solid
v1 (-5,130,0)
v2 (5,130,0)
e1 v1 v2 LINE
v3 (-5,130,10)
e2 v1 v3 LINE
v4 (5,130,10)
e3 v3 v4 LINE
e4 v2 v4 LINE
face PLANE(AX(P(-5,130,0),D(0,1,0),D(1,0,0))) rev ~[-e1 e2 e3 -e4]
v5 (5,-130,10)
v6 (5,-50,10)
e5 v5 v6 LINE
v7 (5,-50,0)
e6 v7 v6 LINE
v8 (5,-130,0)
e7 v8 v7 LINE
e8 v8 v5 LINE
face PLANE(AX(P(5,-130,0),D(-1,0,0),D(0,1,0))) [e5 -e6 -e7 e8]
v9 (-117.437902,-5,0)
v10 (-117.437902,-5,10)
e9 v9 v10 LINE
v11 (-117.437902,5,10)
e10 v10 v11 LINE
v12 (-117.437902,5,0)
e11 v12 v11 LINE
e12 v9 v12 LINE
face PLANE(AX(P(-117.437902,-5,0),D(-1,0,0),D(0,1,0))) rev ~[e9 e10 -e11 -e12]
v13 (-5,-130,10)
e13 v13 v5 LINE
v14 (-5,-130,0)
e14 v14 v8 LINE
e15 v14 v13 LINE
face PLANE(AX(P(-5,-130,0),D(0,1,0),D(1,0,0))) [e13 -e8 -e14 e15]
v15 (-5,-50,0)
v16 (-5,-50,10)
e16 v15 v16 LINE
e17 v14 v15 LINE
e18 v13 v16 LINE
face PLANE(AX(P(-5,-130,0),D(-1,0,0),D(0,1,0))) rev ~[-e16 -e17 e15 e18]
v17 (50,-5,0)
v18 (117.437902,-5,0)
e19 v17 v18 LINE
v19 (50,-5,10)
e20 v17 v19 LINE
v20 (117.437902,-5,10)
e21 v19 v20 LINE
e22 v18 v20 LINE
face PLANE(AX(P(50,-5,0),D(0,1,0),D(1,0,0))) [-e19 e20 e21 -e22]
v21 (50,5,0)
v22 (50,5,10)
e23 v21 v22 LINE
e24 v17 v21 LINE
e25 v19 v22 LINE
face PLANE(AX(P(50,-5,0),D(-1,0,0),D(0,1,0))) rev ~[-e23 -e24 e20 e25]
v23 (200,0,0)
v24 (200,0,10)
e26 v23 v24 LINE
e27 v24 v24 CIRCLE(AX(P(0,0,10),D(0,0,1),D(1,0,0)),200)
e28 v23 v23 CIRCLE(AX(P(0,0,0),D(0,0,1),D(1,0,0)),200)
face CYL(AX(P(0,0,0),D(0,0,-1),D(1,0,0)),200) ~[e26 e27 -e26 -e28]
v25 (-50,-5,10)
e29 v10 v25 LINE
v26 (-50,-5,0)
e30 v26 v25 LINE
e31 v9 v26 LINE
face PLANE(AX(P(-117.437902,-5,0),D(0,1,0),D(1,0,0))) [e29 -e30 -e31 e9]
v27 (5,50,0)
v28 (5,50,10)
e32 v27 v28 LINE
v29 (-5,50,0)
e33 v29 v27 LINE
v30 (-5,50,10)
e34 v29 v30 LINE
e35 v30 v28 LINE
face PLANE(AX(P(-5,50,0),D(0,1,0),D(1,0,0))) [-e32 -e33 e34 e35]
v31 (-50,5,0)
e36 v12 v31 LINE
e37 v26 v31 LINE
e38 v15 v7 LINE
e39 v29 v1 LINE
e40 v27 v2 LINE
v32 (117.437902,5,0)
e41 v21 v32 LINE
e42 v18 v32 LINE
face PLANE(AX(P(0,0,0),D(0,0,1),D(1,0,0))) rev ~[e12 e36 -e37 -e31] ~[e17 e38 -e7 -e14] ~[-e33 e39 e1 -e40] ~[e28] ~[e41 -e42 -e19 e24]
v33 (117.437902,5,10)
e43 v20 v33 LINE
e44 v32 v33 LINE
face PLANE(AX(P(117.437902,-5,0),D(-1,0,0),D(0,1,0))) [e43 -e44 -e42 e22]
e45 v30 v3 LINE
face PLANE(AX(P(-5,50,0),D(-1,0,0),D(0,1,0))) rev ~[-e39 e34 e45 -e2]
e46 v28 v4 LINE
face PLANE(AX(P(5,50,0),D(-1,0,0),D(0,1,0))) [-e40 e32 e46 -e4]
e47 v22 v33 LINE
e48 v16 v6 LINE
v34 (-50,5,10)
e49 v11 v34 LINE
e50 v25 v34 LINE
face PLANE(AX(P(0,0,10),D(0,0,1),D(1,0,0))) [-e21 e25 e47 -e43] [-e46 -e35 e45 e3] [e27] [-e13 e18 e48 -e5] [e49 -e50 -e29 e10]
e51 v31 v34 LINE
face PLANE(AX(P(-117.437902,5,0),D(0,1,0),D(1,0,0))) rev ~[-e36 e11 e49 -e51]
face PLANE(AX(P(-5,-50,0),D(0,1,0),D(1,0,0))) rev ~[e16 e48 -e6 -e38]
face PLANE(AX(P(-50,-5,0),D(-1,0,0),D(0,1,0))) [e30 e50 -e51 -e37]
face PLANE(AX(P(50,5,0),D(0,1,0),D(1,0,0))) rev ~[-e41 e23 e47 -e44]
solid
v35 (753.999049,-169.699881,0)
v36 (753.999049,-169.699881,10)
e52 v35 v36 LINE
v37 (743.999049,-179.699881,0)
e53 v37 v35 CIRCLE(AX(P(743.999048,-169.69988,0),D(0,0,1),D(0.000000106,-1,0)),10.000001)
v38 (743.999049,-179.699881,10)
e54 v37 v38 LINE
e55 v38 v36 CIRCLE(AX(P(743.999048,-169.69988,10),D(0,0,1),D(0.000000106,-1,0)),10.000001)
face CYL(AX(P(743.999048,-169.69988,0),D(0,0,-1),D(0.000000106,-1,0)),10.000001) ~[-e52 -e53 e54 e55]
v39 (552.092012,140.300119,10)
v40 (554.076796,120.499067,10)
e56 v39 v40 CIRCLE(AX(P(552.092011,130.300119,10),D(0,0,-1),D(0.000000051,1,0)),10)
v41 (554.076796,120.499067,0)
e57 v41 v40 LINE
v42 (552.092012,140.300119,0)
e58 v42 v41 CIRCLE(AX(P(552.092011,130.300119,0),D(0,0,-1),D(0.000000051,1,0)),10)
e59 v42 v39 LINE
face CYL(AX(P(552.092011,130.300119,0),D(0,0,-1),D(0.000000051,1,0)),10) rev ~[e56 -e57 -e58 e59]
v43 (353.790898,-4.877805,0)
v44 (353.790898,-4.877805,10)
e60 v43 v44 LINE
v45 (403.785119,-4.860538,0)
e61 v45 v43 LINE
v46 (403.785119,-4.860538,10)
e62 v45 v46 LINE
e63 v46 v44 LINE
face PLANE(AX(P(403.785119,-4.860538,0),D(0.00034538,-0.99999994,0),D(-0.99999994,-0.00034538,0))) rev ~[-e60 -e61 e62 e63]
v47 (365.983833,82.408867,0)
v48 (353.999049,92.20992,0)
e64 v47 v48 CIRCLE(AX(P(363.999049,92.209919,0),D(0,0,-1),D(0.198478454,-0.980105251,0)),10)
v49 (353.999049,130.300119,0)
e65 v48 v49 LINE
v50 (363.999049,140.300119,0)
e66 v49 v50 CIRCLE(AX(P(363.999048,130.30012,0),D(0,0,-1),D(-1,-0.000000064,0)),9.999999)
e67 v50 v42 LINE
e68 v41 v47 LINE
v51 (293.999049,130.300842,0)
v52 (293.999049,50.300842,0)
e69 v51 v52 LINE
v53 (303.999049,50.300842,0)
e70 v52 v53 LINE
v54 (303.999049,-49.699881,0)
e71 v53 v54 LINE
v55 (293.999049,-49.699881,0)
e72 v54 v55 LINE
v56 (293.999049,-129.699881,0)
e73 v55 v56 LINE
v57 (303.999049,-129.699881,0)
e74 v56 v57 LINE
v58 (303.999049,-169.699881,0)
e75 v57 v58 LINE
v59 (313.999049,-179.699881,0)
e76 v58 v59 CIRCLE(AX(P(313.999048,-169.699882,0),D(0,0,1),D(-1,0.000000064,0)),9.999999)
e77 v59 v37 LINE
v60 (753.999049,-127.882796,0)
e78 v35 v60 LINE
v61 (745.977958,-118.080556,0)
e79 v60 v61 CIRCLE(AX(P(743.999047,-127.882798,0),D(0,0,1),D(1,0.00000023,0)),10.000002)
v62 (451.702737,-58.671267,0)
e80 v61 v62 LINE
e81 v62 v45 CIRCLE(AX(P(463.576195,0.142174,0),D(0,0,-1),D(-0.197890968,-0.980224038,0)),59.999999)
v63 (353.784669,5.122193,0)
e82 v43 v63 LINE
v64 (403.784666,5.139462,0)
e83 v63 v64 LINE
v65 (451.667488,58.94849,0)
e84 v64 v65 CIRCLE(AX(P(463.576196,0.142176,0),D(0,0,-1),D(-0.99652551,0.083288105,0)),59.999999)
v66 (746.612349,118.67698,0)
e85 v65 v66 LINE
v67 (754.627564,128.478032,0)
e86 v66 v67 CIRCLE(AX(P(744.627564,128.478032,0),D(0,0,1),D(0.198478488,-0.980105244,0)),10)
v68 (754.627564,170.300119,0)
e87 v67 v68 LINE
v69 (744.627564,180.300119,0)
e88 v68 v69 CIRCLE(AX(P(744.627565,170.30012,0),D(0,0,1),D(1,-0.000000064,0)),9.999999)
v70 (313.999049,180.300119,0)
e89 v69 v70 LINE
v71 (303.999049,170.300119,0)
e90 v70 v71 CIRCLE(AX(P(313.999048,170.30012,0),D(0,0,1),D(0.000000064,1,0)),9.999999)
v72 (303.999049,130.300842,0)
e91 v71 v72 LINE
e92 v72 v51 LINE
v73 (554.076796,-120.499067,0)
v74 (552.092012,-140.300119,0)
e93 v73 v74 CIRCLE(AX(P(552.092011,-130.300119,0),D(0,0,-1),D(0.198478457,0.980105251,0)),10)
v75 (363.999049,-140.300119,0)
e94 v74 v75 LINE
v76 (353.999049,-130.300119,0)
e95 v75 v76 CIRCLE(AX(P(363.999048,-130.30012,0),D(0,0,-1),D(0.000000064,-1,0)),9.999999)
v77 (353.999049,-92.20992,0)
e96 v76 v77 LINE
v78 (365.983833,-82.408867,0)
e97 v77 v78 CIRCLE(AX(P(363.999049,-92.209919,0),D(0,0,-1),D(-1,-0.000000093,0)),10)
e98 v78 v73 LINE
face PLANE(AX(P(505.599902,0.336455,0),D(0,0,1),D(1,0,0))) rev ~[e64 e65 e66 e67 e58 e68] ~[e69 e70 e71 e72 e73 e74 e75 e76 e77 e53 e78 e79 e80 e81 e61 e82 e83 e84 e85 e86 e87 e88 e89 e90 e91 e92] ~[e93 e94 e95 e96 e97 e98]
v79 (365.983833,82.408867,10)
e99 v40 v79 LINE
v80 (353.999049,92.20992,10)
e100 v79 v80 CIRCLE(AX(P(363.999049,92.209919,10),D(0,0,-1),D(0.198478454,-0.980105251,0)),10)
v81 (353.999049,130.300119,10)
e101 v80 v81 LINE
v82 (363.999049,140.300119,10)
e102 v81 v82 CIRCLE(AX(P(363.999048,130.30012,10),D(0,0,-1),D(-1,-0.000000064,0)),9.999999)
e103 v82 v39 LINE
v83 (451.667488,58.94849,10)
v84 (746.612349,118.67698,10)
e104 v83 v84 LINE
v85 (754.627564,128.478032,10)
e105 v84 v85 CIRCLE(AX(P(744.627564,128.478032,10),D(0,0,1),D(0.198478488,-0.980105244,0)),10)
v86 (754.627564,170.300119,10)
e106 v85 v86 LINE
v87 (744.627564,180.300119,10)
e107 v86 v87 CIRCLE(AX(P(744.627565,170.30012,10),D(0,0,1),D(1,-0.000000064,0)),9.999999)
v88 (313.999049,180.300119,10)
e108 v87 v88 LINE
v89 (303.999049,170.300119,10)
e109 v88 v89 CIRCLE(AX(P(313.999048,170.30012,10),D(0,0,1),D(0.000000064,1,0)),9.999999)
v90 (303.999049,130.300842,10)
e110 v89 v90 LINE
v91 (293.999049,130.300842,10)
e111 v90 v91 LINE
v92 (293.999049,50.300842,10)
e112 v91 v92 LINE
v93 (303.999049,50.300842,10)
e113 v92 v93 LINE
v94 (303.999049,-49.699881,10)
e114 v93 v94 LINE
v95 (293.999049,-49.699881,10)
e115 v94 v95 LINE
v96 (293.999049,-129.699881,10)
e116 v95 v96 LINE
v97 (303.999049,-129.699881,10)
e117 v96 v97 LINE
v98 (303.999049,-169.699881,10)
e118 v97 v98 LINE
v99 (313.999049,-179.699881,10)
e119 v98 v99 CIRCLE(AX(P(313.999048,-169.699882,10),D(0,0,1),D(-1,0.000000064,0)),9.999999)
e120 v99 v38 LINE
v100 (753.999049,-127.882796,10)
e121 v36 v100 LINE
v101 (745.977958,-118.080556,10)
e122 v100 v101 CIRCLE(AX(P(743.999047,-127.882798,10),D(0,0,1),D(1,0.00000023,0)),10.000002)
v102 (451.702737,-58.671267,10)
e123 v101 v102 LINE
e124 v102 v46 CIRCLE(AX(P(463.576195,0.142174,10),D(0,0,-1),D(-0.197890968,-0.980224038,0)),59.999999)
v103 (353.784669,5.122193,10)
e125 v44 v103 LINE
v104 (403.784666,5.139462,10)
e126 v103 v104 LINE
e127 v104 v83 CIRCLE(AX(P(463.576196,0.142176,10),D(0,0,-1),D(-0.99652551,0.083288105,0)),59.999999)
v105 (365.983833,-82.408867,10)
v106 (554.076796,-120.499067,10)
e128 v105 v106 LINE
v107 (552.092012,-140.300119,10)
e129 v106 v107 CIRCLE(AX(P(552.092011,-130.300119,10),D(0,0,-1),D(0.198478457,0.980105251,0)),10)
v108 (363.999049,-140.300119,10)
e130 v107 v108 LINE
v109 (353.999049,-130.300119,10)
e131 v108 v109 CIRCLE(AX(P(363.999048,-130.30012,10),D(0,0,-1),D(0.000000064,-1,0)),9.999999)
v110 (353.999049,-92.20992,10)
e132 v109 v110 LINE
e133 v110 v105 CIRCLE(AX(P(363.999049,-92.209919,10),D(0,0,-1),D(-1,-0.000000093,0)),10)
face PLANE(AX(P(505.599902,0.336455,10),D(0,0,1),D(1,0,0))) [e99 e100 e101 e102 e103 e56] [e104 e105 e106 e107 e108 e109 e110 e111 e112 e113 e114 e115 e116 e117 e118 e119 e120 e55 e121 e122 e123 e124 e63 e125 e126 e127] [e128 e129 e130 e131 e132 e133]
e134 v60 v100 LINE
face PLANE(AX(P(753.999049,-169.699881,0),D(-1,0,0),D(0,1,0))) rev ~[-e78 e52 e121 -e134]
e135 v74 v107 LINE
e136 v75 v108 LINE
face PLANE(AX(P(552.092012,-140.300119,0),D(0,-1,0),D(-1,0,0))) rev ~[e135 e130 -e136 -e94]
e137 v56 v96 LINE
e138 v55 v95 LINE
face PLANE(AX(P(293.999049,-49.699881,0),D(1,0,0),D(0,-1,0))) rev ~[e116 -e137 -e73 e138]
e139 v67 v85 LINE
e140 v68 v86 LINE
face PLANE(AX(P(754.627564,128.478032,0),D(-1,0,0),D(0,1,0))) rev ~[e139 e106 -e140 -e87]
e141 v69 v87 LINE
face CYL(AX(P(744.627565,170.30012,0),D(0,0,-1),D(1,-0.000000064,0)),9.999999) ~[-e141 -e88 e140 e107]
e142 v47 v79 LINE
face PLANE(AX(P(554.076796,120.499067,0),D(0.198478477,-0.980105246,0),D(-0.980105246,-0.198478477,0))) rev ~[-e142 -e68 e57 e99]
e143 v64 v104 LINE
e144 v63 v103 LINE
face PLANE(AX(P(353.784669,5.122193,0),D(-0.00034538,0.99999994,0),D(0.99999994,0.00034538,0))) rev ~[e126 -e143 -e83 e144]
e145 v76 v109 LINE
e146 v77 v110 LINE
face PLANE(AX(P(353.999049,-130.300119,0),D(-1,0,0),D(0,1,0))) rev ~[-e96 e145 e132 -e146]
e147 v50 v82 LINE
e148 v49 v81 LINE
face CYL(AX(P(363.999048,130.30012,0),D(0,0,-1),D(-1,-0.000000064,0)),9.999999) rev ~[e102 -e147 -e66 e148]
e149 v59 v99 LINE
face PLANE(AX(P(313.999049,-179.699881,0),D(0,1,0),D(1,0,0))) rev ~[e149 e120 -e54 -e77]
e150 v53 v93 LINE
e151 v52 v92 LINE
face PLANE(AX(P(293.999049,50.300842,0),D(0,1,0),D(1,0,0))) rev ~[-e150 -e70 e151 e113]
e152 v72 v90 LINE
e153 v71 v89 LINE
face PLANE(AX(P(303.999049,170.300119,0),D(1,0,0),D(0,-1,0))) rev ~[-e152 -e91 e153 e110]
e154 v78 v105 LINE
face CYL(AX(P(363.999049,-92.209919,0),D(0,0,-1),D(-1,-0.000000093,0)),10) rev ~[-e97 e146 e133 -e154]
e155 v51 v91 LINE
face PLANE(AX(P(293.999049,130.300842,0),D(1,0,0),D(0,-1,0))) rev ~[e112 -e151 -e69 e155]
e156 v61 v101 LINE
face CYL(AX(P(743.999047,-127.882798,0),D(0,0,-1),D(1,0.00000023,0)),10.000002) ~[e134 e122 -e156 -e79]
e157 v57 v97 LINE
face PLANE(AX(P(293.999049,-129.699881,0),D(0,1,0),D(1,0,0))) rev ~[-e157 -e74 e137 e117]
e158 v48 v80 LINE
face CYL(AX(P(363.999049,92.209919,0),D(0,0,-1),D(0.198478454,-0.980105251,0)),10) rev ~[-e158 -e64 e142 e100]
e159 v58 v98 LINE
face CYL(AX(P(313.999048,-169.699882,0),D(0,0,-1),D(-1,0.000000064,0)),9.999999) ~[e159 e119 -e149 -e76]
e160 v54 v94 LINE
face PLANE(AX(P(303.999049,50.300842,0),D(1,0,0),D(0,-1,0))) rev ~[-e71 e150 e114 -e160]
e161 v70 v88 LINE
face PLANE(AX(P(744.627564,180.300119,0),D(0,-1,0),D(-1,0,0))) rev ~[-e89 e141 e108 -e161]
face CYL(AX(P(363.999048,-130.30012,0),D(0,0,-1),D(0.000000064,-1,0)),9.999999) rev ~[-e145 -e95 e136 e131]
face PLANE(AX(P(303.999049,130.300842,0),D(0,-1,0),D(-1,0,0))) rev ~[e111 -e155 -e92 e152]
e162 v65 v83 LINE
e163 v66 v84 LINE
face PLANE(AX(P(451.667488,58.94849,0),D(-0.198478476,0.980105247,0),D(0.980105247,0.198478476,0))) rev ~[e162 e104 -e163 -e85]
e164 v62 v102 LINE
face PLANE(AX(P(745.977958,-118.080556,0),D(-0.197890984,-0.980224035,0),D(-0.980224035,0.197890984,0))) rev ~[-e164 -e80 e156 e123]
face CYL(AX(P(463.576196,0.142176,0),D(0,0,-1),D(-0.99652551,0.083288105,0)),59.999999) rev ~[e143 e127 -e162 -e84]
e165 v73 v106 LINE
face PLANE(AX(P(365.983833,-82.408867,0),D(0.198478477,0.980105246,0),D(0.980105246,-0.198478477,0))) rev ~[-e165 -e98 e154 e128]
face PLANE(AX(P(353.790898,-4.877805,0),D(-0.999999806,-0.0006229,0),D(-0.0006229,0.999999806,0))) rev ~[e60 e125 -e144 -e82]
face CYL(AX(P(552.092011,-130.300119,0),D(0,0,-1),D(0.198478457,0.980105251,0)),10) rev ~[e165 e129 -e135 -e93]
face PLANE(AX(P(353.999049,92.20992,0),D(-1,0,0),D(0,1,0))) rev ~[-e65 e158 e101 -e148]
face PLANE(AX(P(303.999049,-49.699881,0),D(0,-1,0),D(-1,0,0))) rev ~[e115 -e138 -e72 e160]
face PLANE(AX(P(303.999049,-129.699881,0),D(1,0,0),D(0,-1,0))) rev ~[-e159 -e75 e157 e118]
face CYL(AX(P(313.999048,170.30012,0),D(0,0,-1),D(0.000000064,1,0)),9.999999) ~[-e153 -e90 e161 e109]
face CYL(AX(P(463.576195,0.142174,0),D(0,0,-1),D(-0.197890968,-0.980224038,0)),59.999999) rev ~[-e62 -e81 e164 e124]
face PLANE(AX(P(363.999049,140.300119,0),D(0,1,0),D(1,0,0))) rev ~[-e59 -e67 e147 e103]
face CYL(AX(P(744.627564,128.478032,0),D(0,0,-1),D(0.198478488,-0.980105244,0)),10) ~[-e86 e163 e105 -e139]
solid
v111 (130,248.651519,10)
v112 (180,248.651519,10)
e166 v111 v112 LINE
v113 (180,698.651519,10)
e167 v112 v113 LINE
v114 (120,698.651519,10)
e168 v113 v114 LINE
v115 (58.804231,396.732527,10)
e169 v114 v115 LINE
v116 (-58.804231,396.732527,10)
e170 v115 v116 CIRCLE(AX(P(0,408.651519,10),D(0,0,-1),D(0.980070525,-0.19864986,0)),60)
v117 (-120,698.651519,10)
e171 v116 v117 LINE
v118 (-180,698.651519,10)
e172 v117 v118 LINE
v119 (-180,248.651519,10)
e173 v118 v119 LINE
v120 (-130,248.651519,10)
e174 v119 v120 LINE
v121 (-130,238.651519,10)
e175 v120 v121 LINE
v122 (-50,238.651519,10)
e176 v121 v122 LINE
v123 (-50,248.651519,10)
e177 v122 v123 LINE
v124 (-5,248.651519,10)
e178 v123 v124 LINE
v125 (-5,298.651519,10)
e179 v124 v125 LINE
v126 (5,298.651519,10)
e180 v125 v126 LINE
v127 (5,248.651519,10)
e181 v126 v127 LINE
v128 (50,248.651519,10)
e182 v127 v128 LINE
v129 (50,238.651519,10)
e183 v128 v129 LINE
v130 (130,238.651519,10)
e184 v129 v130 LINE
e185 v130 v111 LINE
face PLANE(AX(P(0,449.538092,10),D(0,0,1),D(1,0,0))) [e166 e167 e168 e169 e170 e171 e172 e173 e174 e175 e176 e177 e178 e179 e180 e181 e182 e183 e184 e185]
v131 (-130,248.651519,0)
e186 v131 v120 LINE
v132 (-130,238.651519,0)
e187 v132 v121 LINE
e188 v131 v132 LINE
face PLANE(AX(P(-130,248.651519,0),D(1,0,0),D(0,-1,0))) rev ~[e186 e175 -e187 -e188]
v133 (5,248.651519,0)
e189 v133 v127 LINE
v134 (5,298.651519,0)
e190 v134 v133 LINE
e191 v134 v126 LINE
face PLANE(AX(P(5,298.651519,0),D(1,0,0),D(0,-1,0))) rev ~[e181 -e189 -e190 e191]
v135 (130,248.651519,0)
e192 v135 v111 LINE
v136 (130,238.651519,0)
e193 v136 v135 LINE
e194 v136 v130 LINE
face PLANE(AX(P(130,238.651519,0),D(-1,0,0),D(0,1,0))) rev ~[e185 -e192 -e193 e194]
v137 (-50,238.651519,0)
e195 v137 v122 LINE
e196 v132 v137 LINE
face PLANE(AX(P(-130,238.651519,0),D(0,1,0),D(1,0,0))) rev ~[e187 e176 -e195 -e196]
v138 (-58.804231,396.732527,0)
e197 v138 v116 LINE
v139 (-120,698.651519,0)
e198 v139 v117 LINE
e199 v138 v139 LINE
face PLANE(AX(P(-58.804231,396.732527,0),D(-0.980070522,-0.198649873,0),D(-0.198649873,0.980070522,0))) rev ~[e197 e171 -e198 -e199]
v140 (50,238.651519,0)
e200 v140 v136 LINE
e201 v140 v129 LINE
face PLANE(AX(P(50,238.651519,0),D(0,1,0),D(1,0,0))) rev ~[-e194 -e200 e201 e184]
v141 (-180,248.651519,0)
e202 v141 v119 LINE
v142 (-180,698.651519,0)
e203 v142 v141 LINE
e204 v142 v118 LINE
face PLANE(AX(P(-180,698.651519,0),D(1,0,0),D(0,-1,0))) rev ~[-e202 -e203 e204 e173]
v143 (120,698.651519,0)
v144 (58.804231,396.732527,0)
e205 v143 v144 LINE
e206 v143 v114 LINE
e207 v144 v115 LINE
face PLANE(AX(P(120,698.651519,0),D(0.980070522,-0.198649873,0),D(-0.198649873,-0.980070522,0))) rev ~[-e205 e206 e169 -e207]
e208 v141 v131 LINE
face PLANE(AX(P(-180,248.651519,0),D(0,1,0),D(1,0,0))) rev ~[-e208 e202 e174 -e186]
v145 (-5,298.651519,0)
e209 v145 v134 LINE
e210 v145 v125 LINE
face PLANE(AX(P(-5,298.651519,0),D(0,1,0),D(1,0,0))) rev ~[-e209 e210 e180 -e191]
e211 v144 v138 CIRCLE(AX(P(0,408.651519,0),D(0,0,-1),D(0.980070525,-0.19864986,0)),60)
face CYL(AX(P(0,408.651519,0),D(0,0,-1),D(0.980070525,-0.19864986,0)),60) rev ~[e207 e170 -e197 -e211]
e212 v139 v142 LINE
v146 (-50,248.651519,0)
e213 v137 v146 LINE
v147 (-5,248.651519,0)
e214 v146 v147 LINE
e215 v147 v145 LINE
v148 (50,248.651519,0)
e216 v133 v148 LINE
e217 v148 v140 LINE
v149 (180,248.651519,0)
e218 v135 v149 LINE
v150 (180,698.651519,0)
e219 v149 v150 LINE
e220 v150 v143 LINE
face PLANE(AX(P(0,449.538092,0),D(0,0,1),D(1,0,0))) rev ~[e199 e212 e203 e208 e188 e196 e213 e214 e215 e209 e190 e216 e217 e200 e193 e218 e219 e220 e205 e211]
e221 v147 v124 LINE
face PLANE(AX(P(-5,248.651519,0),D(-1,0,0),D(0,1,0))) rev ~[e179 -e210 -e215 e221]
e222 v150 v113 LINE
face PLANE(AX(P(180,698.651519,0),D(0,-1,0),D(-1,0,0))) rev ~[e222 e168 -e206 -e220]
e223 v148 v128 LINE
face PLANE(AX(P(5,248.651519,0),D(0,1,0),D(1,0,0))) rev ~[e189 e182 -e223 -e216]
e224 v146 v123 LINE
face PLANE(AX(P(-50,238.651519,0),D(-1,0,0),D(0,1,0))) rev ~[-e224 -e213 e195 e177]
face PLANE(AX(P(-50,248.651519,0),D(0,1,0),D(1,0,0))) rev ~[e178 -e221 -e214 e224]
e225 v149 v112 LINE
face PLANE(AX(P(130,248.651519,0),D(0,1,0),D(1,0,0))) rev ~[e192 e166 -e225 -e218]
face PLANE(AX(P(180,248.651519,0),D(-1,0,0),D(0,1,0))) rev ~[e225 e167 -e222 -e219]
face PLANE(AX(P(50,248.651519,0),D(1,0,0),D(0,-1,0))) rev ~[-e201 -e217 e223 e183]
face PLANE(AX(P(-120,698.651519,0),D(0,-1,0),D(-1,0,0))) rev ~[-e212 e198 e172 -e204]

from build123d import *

# Parameters (mm, degrees)
F0_R     = 200
F0_W     = 10
F0_H     = 80
F0_W_2   = 67.437902
F0_H_2   = 10
F1_DEPTH = 10


with BuildPart() as f1:
    # F0 (on Top) → F1 (new body)
    with BuildSketch(Plane.XY):
        Circle(F0_R)
        with Locations((0, -90)):
            Rectangle(F0_W, F0_H, mode=Mode.SUBTRACT)
        with Locations((-83.718951, 0)):
            Rectangle(F0_W_2, F0_H_2, mode=Mode.SUBTRACT)
        with Locations((83.718951, 0)):
            Rectangle(F0_W_2, F0_H_2, mode=Mode.SUBTRACT)
        with Locations((0, 90)):
            Rectangle(F0_W, F0_H, mode=Mode.SUBTRACT)
        with BuildLine():
            Line((-180, 698.651519), (-180, 248.651519))
            Line((-180, 248.651519), (-130, 248.651519))
            Line((-130, 248.651519), (-130, 238.651519))
            Line((-130, 238.651519), (-50, 238.651519))
            Line((-50, 238.651519), (-50, 248.651519))
            Line((-50, 248.651519), (-5, 248.651519))
            Line((-5, 248.651519), (-5, 298.651519))
            Line((-5, 298.651519), (5, 298.651519))
            Line((5, 298.651519), (5, 248.651519))
            Line((5, 248.651519), (50, 248.651519))
            Line((50, 248.651519), (50, 238.651519))
            Line((50, 238.651519), (130, 238.651519))
            Line((130, 238.651519), (130, 248.651519))
            Line((130, 248.651519), (180, 248.651519))
            Line((180, 248.651519), (180, 698.651519))
            Line((180, 698.651519), (120, 698.651519))
            Line((120, 698.651519), (58.804231, 396.732527))
            ThreePointArc((58.804231, 396.732527), (0, 348.651519), (-58.804231, 396.732527))
            Line((-58.804231, 396.732527), (-120, 698.651519))
            Line((-120, 698.651519), (-180, 698.651519))
        make_face()
        with BuildLine():
            ThreePointArc((313.999049, 180.300119), (306.927981, 177.371187), (303.999049, 170.300119))
            Line((303.999049, 170.300119), (303.999049, 130.300842))
            Line((303.999049, 130.300842), (293.999049, 130.300842))
            Line((293.999049, 130.300842), (293.999049, 50.300842))
            Line((293.999049, 50.300842), (303.999049, 50.300842))
            Line((303.999049, 50.300842), (303.999049, -49.699881))
            Line((303.999049, -49.699881), (293.999049, -49.699881))
            Line((293.999049, -49.699881), (293.999049, -129.699881))
            Line((293.999049, -129.699881), (303.999049, -129.699881))
            Line((303.999049, -129.699881), (303.999049, -169.699881))
            ThreePointArc((303.999049, -169.699881), (306.927981, -176.770949), (313.999049, -179.699881))
            Line((313.999049, -179.699881), (743.999049, -179.699881))
            ThreePointArc((743.999049, -179.699881), (751.070116, -176.770949), (753.999049, -169.699881))
            Line((753.999049, -169.699881), (753.999049, -127.882796))
            ThreePointArc((753.999049, -127.882796), (751.738205, -121.54991), (745.977958, -118.080556))
            Line((745.977958, -118.080556), (451.702737, -58.671267))
            ThreePointArc((451.702737, -58.671267), (418.767156, -39.759579), (403.785119, -4.860538))
            Line((403.785119, -4.860538), (353.790898, -4.877805))
            Line((353.790898, -4.877805), (353.784669, 5.122193))
            Line((353.784669, 5.122193), (403.784666, 5.139462))
            ThreePointArc((403.784666, 5.139462), (418.75339, 40.028464), (451.667488, 58.94849))
            Line((451.667488, 58.94849), (746.612349, 118.67698))
            ThreePointArc((746.612349, 118.67698), (752.368618, 122.147465), (754.627564, 128.478032))
            Line((754.627564, 128.478032), (754.627564, 170.300119))
            ThreePointArc((754.627564, 170.300119), (751.698632, 177.371187), (744.627564, 180.300119))
            Line((744.627564, 180.300119), (313.999049, 180.300119))
        make_face()
        with BuildLine():
            Line((353.999049, -130.300119), (353.999049, -92.20992))
            ThreePointArc((353.999049, -92.20992), (357.668482, -84.468865), (365.983833, -82.408867))
            Line((365.983833, -82.408867), (554.076796, -120.499067))
            ThreePointArc((554.076796, -120.499067), (562.04215, -131.297485), (552.092012, -140.300119))
            Line((552.092012, -140.300119), (363.999049, -140.300119))
            ThreePointArc((363.999049, -140.300119), (356.927981, -137.371187), (353.999049, -130.300119))
        make_face(mode=Mode.SUBTRACT)
        with BuildLine():
            ThreePointArc((353.999049, 130.300119), (356.927981, 137.371187), (363.999049, 140.300119))
            Line((363.999049, 140.300119), (552.092012, 140.300119))
            ThreePointArc((552.092012, 140.300119), (562.04215, 131.297485), (554.076796, 120.499067))
            Line((554.076796, 120.499067), (365.983833, 82.408867))
            ThreePointArc((365.983833, 82.408867), (357.668482, 84.468865), (353.999049, 92.20992))
            Line((353.999049, 92.20992), (353.999049, 130.300119))
        make_face(mode=Mode.SUBTRACT)
    extrude(amount=F1_DEPTH)


solid = f1.part
